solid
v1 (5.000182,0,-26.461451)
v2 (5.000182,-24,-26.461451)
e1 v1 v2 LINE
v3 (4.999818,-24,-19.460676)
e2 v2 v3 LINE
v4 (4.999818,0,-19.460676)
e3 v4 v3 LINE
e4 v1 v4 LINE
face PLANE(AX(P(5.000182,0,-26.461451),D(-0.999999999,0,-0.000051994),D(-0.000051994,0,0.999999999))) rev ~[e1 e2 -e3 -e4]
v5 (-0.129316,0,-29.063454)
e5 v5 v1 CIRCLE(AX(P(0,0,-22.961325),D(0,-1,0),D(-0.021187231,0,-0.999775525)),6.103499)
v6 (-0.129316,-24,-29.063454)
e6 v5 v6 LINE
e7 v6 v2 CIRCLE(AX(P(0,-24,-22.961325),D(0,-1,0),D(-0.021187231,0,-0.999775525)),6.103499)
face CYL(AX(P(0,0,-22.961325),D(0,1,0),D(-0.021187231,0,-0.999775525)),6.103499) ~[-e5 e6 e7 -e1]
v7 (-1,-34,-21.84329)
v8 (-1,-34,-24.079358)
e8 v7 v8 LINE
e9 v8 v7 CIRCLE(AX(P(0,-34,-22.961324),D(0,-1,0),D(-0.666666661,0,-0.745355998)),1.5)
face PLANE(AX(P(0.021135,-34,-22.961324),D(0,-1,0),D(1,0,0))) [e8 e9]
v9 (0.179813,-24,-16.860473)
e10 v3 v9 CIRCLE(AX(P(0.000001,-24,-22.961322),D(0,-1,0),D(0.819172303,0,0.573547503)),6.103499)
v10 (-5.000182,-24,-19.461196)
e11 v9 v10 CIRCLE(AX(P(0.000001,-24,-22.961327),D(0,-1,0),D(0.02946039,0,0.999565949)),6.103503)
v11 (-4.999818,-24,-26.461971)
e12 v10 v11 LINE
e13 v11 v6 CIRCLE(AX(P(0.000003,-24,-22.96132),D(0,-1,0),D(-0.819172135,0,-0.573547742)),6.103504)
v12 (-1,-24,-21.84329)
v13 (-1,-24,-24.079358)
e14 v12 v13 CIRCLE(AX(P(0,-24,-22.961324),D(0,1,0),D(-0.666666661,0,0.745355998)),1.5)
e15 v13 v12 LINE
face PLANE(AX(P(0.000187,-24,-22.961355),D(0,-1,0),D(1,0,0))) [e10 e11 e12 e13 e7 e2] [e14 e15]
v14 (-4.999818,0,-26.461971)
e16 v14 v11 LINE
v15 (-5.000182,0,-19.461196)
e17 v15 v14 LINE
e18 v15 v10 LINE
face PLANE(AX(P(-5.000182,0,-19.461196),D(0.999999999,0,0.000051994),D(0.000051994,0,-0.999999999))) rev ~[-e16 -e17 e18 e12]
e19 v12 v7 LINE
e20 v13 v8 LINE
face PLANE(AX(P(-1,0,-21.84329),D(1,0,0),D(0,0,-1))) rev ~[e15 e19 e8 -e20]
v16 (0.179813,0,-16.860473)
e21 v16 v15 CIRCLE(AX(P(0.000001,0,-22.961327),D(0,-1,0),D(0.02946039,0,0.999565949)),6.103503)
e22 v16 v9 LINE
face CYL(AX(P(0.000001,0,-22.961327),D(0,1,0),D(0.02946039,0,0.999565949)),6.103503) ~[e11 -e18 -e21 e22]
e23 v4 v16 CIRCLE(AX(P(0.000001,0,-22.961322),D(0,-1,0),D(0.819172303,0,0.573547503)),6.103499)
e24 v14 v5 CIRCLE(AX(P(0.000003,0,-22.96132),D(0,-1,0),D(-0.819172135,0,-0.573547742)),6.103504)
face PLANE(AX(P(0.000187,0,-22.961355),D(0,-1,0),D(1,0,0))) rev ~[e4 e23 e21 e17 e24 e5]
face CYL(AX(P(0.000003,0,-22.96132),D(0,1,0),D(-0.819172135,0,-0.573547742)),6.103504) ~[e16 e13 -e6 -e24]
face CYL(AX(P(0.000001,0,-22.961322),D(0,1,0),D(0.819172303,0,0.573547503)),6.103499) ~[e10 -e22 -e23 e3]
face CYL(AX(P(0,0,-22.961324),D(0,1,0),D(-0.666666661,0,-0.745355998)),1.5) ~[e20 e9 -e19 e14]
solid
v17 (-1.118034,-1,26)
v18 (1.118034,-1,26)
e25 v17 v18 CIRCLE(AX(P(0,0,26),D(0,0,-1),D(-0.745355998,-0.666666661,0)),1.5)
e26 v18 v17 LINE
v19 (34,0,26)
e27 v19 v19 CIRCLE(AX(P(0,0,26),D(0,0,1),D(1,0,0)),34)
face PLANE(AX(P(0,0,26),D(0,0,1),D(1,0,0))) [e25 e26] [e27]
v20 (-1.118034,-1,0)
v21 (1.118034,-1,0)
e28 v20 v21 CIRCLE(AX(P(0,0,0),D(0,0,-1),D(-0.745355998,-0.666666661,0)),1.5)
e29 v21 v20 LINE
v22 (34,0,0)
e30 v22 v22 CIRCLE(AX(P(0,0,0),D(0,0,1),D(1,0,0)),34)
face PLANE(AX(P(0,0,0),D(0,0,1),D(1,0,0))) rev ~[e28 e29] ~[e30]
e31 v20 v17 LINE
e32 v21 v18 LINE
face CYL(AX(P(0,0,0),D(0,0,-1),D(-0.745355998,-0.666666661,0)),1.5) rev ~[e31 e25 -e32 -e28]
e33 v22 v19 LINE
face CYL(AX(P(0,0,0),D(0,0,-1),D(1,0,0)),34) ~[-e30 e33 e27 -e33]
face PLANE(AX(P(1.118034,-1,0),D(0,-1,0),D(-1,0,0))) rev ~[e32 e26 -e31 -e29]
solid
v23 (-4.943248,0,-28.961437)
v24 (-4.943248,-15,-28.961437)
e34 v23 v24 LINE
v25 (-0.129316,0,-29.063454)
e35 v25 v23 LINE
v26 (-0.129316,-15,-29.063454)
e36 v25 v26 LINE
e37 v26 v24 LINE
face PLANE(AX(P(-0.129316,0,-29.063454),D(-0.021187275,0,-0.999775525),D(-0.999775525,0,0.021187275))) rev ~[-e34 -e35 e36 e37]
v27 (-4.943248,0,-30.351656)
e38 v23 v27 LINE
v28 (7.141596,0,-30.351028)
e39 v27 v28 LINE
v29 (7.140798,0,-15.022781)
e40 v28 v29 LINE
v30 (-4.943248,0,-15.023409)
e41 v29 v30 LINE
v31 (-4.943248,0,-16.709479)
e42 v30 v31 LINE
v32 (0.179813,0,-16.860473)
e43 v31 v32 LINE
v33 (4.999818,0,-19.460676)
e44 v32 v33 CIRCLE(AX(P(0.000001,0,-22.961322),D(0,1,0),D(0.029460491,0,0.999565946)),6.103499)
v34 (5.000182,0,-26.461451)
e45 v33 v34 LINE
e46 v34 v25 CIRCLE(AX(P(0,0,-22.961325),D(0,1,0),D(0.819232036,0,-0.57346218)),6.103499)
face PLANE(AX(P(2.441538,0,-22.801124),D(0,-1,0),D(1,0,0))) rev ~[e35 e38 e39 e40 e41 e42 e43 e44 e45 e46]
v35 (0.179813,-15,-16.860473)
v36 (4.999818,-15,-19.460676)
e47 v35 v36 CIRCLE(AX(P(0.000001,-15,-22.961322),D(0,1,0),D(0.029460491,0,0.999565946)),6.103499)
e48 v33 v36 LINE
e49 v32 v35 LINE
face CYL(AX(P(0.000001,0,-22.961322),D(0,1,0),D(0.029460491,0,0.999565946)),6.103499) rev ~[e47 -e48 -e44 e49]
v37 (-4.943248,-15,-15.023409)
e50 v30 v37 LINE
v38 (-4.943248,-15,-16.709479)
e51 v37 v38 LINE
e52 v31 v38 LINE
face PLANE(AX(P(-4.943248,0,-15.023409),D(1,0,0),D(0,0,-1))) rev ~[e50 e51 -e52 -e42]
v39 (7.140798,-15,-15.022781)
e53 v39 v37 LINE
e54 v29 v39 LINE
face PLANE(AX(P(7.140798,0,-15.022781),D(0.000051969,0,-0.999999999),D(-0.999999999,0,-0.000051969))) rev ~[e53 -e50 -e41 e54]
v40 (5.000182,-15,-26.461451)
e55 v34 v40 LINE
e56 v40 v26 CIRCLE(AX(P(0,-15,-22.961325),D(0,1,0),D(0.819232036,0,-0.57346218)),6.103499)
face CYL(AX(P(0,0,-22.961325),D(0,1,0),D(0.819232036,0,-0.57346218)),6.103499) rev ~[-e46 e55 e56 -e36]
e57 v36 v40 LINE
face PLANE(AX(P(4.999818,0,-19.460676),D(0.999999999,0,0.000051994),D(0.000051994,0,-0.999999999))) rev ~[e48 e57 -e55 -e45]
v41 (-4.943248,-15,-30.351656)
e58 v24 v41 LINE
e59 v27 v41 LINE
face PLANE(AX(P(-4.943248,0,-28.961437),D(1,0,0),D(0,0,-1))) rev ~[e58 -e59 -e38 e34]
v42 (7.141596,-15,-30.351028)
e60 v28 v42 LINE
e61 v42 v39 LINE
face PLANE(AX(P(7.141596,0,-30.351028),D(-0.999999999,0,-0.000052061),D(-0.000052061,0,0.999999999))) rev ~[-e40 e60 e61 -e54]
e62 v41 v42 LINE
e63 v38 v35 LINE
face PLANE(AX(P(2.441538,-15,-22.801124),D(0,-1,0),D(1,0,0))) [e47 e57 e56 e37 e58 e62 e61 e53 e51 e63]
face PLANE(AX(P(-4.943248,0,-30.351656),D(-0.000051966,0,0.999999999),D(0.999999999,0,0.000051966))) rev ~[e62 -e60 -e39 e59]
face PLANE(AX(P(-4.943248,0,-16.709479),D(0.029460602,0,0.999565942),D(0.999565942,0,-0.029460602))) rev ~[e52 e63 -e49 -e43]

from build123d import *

# Parameters (mm, degrees)
F0_R     = 34
F1_DEPTH = 26
F3_DEPTH = 34
F4_DEPTH = 24
F5_DEPTH = 15


with BuildPart() as f1:
    # F0 (on Top) → F1 (new body)
    with BuildSketch(Plane.XY):
        Circle(F0_R)
        with BuildLine():
            ThreePointArc((-1.118034, -1), (0, 1.5), (1.118034, -1))
            Line((1.118034, -1), (0, -1))
            Line((0, -1), (-1.118034, -1))
        make_face(mode=Mode.SUBTRACT)
    extrude(amount=F1_DEPTH)


with BuildPart() as f3:
    # F2 (on Front) → F3 (new body)
    with BuildSketch(Plane.XZ):
        with BuildLine():
            Line((-1, -22.961324), (-1, -24.079358))
            ThreePointArc((-1, -24.079358), (1.5, -22.961324), (-1, -21.84329))
            Line((-1, -21.84329), (-1, -22.961324))
        make_face()
    extrude(amount=F3_DEPTH)

    # F2 (on Front) → F4 (join)
    with BuildSketch(Plane.XZ):
        with BuildLine():
            Line((5.000182, -26.461451), (4.999818, -19.460676))
            ThreePointArc((4.999818, -19.460676), (2.897828, -17.58961), (0.179813, -16.860473))
            ThreePointArc((0.179813, -16.860473), (-2.7386, -17.506713), (-5.000182, -19.461196))
            Line((-5.000182, -19.461196), (-4.999818, -26.461971))
            ThreePointArc((-4.999818, -26.461971), (-2.875575, -28.344982), (-0.129316, -29.063454))
            ThreePointArc((-0.129316, -29.063454), (2.761148, -28.404556), (5.000182, -26.461451))
        make_face()
        with BuildLine():
            ThreePointArc((-1, -21.84329), (1.5, -22.961324), (-1, -24.079358))
            Line((-1, -24.079358), (-1, -22.961324))
            Line((-1, -22.961324), (-1, -21.84329))
        make_face(mode=Mode.SUBTRACT)
    extrude(amount=F4_DEPTH)


with BuildPart() as f5:
    # F2 (on Front) → F5 (new body)
    with BuildSketch(Plane.XZ):
        Polygon((4.99969, -17.002531), (4.999818, -19.460676), (5.000182, -26.461451), (4.999818, -29.17215), (-0.129316, -29.063454), (-4.943248, -28.961437), (-4.943248, -30.351656), (7.141596, -30.351028), (7.140798, -15.022781), (-4.943248, -15.023409), (-4.943248, -16.709479), (0.179813, -16.860473), align=None)
        with BuildLine():
            Line((4.999818, -29.17215), (5.000182, -26.461451))
            ThreePointArc((5.000182, -26.461451), (2.761148, -28.404556), (-0.129316, -29.063454))
            Line((-0.129316, -29.063454), (4.999818, -29.17215))
        make_face()
        with BuildLine():
            ThreePointArc((0.179813, -16.860473), (2.897828, -17.58961), (4.999818, -19.460676))
            Line((4.999818, -19.460676), (4.99969, -17.002531))
            Line((4.99969, -17.002531), (0.179813, -16.860473))
        make_face()
    extrude(amount=F5_DEPTH)


solid = Compound([f1.part, f3.part, f5.part])
